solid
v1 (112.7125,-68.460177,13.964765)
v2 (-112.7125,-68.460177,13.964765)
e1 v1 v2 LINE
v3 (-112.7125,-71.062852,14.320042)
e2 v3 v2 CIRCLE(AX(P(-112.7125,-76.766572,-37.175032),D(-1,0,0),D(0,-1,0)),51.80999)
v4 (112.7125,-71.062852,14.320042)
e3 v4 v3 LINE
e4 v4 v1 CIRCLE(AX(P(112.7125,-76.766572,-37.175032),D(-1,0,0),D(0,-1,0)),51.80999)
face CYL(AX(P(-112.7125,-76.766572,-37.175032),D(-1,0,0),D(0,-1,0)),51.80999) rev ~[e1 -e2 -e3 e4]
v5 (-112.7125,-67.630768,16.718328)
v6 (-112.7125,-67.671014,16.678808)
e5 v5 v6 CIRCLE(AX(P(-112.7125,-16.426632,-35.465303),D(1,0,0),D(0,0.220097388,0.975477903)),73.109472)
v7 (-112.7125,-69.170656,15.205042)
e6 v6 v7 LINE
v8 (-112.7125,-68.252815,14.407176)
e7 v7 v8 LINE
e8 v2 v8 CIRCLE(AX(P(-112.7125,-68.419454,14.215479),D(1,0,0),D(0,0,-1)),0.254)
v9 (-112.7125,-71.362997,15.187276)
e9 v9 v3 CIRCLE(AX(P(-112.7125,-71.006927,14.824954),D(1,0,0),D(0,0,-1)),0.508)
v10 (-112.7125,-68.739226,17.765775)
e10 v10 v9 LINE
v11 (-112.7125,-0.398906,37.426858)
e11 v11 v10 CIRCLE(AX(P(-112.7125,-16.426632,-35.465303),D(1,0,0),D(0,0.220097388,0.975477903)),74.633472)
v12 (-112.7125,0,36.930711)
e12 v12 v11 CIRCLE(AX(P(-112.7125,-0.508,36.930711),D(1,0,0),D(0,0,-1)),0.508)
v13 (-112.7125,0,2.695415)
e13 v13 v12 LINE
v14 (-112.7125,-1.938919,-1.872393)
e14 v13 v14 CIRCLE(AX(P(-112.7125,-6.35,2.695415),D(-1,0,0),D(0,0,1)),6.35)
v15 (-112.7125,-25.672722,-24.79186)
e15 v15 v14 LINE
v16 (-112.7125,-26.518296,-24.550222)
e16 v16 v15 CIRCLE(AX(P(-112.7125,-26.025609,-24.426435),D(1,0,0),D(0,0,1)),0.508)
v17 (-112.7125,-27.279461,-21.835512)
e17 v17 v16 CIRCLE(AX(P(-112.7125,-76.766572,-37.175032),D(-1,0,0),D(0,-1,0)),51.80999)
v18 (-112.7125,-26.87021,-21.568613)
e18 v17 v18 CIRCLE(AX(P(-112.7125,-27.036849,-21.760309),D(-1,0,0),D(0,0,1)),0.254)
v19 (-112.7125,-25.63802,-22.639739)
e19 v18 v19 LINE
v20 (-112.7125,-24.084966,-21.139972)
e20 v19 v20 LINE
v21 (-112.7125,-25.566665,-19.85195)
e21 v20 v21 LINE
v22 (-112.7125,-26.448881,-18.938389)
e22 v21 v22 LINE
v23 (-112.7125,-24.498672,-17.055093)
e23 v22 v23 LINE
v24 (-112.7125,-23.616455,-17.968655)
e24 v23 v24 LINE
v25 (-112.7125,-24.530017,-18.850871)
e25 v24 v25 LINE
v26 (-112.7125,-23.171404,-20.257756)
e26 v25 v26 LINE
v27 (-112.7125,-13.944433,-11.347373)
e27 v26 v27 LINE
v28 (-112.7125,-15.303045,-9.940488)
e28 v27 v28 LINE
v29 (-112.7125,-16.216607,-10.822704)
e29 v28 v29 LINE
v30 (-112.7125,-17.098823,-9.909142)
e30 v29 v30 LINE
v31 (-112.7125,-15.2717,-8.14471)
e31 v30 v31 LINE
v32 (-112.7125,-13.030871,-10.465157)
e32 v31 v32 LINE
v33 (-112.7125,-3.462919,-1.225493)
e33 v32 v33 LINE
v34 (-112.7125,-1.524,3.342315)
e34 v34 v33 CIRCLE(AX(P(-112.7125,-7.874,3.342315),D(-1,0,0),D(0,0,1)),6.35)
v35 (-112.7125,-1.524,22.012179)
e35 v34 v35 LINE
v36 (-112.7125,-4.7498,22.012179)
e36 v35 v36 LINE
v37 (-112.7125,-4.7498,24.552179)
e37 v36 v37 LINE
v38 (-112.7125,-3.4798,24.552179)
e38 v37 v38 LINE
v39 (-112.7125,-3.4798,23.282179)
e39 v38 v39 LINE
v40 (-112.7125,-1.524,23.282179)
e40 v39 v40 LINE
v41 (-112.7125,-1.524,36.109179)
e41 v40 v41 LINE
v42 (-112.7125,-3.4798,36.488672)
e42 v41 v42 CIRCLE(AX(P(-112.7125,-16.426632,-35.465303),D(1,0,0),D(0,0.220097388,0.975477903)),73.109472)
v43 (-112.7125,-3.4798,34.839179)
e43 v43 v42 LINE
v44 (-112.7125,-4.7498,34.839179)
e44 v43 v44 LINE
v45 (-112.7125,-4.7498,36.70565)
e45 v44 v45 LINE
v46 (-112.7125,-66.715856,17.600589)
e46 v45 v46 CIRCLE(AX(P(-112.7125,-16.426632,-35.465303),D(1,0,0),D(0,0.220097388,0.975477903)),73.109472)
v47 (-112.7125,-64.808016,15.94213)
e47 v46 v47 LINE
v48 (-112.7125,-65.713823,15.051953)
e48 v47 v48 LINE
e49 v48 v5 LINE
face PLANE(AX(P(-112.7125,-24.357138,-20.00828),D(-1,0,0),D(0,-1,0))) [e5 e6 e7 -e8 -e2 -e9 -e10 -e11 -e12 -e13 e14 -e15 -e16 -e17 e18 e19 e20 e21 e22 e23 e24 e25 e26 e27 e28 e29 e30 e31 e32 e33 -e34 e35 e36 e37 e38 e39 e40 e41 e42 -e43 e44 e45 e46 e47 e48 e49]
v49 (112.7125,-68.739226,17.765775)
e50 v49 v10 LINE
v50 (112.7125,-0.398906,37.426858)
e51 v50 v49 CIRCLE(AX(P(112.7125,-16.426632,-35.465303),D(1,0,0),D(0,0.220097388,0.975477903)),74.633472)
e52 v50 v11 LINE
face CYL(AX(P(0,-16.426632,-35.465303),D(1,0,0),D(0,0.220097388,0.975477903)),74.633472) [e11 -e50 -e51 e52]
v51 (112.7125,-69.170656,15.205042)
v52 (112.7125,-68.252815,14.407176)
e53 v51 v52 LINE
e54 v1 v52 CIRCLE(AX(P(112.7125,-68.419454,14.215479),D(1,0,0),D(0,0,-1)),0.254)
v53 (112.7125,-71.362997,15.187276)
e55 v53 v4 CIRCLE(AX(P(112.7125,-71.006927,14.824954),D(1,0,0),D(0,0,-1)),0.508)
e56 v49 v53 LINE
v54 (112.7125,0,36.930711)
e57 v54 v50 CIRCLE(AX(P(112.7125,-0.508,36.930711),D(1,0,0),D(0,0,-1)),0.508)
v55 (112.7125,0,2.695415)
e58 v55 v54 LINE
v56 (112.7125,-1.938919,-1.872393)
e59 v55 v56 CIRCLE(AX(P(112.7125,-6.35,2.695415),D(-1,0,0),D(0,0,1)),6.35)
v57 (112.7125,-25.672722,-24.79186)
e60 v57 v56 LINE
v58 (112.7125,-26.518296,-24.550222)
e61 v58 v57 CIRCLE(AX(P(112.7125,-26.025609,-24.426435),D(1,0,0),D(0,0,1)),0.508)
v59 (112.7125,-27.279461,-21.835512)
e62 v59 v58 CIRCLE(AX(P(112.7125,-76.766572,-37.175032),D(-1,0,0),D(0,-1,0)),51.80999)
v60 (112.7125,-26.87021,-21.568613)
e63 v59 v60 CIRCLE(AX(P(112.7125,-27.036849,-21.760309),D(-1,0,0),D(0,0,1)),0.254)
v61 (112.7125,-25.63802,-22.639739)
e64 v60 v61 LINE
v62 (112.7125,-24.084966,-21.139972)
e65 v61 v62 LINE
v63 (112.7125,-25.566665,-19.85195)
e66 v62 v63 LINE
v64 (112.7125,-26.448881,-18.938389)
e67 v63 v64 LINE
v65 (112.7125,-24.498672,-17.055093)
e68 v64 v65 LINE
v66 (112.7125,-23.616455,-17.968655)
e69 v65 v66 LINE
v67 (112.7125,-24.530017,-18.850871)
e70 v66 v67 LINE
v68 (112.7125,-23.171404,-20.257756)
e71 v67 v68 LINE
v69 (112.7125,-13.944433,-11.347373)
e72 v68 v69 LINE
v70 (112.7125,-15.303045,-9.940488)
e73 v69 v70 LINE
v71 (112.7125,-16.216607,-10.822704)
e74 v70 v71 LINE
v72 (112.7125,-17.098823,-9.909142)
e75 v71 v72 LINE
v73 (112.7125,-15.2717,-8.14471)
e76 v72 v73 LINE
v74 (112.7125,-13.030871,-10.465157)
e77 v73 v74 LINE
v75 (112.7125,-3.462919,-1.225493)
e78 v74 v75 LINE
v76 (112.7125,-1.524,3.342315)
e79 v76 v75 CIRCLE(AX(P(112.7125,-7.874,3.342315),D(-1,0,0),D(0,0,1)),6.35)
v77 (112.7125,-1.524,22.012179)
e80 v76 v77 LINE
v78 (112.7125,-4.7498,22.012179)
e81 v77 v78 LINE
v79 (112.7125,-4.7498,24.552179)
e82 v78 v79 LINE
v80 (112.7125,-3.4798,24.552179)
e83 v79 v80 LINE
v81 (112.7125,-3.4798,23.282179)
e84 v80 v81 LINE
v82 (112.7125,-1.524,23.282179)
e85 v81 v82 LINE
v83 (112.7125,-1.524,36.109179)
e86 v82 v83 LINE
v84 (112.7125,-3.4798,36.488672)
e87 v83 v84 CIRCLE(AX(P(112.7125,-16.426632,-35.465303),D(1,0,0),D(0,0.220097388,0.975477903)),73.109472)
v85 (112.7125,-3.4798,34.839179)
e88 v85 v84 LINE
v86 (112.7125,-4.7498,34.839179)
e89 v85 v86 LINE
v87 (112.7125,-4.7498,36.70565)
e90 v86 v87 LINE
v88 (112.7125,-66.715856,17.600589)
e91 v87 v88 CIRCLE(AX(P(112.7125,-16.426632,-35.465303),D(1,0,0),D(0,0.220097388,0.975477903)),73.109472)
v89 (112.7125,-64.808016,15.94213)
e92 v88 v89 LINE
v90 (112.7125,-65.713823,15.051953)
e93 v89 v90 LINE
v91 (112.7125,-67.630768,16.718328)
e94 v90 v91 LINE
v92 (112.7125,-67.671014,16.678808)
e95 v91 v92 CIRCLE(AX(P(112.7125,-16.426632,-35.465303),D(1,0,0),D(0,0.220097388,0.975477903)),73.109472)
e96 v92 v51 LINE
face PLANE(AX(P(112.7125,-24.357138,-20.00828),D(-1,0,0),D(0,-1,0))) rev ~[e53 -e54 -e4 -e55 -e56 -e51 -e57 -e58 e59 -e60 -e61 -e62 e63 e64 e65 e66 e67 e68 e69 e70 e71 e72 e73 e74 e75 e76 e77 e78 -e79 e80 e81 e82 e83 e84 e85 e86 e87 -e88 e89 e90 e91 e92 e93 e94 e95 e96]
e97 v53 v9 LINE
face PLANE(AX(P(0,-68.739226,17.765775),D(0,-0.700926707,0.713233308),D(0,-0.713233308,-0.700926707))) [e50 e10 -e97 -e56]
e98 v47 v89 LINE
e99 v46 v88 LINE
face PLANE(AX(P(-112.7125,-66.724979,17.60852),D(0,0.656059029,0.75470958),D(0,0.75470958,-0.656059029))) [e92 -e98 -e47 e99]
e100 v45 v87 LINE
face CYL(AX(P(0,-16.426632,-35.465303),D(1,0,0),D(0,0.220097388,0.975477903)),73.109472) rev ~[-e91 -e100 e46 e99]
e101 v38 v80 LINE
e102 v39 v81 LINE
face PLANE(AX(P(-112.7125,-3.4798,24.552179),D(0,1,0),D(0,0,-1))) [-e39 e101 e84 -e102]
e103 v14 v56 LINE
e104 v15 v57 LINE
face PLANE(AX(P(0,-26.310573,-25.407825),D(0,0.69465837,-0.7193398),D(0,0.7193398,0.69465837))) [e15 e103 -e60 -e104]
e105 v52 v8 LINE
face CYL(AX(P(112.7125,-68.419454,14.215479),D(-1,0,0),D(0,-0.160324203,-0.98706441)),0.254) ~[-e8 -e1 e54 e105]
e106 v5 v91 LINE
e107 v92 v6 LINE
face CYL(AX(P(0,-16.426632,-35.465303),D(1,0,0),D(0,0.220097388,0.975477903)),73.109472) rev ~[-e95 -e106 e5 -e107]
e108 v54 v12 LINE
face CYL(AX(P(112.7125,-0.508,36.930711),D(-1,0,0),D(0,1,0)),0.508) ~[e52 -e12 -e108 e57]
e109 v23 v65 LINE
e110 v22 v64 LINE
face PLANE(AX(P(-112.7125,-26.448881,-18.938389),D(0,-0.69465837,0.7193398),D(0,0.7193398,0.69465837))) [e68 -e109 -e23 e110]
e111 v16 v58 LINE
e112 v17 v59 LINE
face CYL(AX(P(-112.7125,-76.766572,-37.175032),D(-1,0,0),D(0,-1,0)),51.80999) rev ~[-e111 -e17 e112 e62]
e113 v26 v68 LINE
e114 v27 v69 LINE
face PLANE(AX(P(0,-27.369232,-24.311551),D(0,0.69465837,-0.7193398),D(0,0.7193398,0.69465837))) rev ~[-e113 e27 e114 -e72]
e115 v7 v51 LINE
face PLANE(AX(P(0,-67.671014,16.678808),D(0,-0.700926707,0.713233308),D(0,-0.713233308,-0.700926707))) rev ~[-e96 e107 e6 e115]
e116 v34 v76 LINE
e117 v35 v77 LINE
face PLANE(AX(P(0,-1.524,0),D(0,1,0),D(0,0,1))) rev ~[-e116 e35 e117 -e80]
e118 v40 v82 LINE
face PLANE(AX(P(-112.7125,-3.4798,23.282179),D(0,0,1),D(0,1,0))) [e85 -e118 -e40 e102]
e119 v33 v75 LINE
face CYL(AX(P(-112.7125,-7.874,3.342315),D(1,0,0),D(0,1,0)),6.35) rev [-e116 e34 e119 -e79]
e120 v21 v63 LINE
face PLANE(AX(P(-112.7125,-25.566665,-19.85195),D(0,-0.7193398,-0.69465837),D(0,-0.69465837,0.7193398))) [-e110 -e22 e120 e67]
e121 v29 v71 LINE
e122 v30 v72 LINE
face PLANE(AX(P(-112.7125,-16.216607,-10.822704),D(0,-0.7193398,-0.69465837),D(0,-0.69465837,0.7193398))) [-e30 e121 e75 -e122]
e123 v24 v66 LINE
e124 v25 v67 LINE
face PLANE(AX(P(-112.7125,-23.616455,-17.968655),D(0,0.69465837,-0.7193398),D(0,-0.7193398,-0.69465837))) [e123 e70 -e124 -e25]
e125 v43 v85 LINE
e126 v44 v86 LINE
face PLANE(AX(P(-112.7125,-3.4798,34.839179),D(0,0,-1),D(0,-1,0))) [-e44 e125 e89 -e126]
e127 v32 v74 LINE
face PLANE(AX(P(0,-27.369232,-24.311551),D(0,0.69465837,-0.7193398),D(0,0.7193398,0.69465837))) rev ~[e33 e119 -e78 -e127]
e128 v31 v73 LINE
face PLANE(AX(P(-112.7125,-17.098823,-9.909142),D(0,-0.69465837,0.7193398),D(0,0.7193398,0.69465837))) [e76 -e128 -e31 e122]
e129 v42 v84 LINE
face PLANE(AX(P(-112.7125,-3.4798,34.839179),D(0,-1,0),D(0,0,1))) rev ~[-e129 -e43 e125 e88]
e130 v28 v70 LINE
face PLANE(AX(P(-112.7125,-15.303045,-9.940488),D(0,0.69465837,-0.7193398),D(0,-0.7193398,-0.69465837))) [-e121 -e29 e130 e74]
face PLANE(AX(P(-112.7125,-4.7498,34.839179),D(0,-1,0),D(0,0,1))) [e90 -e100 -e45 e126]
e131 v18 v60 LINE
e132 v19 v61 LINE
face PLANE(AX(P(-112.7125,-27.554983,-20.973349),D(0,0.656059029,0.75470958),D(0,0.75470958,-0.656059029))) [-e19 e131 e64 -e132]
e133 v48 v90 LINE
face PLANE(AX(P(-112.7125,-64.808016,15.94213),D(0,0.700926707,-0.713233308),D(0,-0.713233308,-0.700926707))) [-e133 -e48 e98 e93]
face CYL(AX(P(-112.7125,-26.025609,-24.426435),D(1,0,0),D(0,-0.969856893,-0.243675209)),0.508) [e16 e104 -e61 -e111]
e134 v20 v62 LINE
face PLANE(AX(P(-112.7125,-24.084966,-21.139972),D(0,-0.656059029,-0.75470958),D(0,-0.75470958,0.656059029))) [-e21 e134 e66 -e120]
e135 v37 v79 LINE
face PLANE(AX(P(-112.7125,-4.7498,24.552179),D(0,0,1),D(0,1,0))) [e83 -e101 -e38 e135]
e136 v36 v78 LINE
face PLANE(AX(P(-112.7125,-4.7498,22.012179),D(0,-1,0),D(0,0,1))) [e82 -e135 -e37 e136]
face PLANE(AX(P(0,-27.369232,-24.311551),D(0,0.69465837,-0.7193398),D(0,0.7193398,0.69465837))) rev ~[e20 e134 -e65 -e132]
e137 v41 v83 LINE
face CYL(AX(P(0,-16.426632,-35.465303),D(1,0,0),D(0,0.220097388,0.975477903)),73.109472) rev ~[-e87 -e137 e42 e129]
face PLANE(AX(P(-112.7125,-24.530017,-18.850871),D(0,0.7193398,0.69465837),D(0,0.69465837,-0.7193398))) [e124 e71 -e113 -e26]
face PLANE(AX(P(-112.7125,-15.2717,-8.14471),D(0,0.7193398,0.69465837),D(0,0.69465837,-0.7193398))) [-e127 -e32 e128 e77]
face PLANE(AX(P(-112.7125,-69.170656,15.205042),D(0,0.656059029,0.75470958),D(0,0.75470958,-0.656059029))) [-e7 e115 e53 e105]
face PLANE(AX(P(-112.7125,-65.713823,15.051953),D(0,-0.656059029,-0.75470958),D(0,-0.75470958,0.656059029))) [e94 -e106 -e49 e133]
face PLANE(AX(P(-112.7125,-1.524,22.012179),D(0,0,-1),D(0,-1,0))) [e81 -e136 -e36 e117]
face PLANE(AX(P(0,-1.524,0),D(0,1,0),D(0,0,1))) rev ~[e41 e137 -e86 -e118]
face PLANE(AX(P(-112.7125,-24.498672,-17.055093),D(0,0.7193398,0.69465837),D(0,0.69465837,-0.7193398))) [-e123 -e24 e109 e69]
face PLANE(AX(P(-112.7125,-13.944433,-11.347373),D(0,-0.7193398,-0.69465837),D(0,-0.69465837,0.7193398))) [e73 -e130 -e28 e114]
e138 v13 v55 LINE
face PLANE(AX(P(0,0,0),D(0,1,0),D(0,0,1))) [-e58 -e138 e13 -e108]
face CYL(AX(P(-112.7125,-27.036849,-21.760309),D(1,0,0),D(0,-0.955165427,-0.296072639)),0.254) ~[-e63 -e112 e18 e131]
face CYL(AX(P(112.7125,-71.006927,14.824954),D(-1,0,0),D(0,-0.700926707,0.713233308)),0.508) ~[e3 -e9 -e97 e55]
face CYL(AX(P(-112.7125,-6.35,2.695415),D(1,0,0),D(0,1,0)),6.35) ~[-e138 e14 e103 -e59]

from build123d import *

# Parameters (mm, degrees)
F1_DEPTH  = 112.7125
F2_T      = -1.524
F5_DEPTH  = 225.425
F7_DEPTH  = 225.425
F8_R      = 51.8099901909
F9_DEPTH  = 225.425
F14_W     = 1.27
F14_H     = 1.8664713708
F15_DEPTH = 225.425
F16_R     = 0.508
F17_R     = 6.35
F18_R     = 0.254


with BuildPart() as f1:
    # F0 (on Right) → F1 (new body, symmetric)
    with BuildSketch(Plane.YZ):
        with BuildLine():
            Line((-72.136, 14.4276117903), (-26.3105725372, -25.4078245579))
            Line((-26.3105725372, -25.4078245579), (0, 0))
            Line((0, 0), (0, 37.338))
            ThreePointArc((0, 37.338), (-36.8647965725, 36.3151722047), (-68.7392263709, 17.7657752319))
            Line((-68.7392263709, 17.7657752319), (-72.136, 14.4276117903))
        make_face()
    extrude(amount=F1_DEPTH, both=True)

    # F2
    f2_openings = [f1.faces().sort_by_distance(p)[0] for p in [
        (0, -49.223286, -5.490106),
        (-112.7125, -29.609995, 11.681685),
        (112.7125, -29.609995, 11.681685),
    ]]
    offset(amount=F2_T, openings=f2_openings)

    # F4 (on face) → F5 (join, through all)
    with BuildSketch(Plane(origin=(-112.7125, 0, 0), x_dir=(0, -1, 0), z_dir=(-1, 0, 0))):
        Polygon((69.0653059094, 11.7582981414), (70.9822682431, 13.424688075), (69.170655641, 15.2050419106), (67.2536933072, 13.5386519769), align=None)
    extrude(amount=-F5_DEPTH)

    # F6 (on face) → F7 (join, through all)
    with BuildSketch(Plane(origin=(-112.7125, 0, 0), x_dir=(0, -1, 0), z_dir=(-1, 0, 0))):
        Polygon((27.5549826692, -20.9733491998), (25.6380203354, -22.6397391335), (27.4651434283, -24.4041713944), (29.382105762, -22.7377814608), align=None)
    extrude(amount=-F7_DEPTH)

    # F8 (on face) → F9 (cut, through all)
    with BuildSketch(Plane(origin=(-112.7125, 0, 0), x_dir=(0, -1, 0), z_dir=(-1, 0, 0))):
        with Locations((76.7665722185, -37.1750323717)):
            Circle(F8_R)
    extrude(amount=-F9_DEPTH, mode=Mode.SUBTRACT)

    # F10 (on face) + F11 (on face) + F12 (on face) + F13 (on face) + F14 (on face) → F15 (join, through all)
    with BuildSketch(Plane(origin=(-112.7125, 0, 0), x_dir=(0, -1, 0), z_dir=(-1, 0, 0))):
        Polygon((23.17140416, -20.2577555812), (24.0849657065, -21.1399717116), (25.5666650167, -19.8519501518), (24.530017001, -18.8508707997), align=None)
    with BuildSketch(Plane(origin=(-112.7125, 0, 0), x_dir=(0, -1, 0), z_dir=(-1, 0, 0))):
        Polygon((23.6164554546, -17.9686546692), (25.5666650167, -19.8519501518), (26.4488811472, -18.9383886054), (24.498671585, -17.0550931227), align=None)
    with BuildSketch(Plane(origin=(-112.7125, 0, 0), x_dir=(0, -1, 0), z_dir=(-1, 0, 0))):
        Polygon((65.7138225954, 15.0519527371), (67.6307849291, 16.7183426707), (66.724978628, 17.6085195885), (64.8080162943, 15.9421296549), align=None)
    with BuildSketch(Plane(origin=(-112.7125, 0, 0), x_dir=(0, -1, 0), z_dir=(-1, 0, 0))):
        Polygon((13.0308709947, -10.4651565328), (13.9444325411, -11.3473726633), (15.303045382, -9.9404878818), (16.2166069285, -10.8227040123), (17.098823059, -9.9091424658), (15.2716999661, -8.1447102049), align=None)
    with BuildSketch(Plane(origin=(-112.7125, 0, 0), x_dir=(0, -1, 0), z_dir=(-1, 0, 0))):
        Polygon((1.524, 23.2821790422), (1.524, 22.0121790422), (4.7498, 22.0121790422), (4.7498, 24.5521790422), (3.4798, 24.5521790422), (3.4798, 23.2821790422), align=None)
        with Locations((4.1148, 35.7724147276)):
            Rectangle(F14_W, F14_H)
    extrude(amount=-F15_DEPTH)

    # F16
    f16_edges = [f1.edges().sort_by_distance(p)[0] for p in [
        (0, -26.310573, -25.407825),
        (0, -72.136, 14.427612),
        (0, 0, 37.338),
    ]]
    fillet(f16_edges, radius=F16_R)

    # F17
    f17_edges = [f1.edges().sort_by_distance(p)[0] for p in [
        (0, -1.524, 0.6469),
        (0, 0, 0),
    ]]
    fillet(f17_edges, radius=F17_R)

    # F18
    f18_edges = [f1.edges().sort_by_distance(p)[0] for p in [
        (0, -27.554983, -20.973349),
        (0, -67.567953, 13.811833),
    ]]
    fillet(f18_edges, radius=F18_R)


solid = f1.part
